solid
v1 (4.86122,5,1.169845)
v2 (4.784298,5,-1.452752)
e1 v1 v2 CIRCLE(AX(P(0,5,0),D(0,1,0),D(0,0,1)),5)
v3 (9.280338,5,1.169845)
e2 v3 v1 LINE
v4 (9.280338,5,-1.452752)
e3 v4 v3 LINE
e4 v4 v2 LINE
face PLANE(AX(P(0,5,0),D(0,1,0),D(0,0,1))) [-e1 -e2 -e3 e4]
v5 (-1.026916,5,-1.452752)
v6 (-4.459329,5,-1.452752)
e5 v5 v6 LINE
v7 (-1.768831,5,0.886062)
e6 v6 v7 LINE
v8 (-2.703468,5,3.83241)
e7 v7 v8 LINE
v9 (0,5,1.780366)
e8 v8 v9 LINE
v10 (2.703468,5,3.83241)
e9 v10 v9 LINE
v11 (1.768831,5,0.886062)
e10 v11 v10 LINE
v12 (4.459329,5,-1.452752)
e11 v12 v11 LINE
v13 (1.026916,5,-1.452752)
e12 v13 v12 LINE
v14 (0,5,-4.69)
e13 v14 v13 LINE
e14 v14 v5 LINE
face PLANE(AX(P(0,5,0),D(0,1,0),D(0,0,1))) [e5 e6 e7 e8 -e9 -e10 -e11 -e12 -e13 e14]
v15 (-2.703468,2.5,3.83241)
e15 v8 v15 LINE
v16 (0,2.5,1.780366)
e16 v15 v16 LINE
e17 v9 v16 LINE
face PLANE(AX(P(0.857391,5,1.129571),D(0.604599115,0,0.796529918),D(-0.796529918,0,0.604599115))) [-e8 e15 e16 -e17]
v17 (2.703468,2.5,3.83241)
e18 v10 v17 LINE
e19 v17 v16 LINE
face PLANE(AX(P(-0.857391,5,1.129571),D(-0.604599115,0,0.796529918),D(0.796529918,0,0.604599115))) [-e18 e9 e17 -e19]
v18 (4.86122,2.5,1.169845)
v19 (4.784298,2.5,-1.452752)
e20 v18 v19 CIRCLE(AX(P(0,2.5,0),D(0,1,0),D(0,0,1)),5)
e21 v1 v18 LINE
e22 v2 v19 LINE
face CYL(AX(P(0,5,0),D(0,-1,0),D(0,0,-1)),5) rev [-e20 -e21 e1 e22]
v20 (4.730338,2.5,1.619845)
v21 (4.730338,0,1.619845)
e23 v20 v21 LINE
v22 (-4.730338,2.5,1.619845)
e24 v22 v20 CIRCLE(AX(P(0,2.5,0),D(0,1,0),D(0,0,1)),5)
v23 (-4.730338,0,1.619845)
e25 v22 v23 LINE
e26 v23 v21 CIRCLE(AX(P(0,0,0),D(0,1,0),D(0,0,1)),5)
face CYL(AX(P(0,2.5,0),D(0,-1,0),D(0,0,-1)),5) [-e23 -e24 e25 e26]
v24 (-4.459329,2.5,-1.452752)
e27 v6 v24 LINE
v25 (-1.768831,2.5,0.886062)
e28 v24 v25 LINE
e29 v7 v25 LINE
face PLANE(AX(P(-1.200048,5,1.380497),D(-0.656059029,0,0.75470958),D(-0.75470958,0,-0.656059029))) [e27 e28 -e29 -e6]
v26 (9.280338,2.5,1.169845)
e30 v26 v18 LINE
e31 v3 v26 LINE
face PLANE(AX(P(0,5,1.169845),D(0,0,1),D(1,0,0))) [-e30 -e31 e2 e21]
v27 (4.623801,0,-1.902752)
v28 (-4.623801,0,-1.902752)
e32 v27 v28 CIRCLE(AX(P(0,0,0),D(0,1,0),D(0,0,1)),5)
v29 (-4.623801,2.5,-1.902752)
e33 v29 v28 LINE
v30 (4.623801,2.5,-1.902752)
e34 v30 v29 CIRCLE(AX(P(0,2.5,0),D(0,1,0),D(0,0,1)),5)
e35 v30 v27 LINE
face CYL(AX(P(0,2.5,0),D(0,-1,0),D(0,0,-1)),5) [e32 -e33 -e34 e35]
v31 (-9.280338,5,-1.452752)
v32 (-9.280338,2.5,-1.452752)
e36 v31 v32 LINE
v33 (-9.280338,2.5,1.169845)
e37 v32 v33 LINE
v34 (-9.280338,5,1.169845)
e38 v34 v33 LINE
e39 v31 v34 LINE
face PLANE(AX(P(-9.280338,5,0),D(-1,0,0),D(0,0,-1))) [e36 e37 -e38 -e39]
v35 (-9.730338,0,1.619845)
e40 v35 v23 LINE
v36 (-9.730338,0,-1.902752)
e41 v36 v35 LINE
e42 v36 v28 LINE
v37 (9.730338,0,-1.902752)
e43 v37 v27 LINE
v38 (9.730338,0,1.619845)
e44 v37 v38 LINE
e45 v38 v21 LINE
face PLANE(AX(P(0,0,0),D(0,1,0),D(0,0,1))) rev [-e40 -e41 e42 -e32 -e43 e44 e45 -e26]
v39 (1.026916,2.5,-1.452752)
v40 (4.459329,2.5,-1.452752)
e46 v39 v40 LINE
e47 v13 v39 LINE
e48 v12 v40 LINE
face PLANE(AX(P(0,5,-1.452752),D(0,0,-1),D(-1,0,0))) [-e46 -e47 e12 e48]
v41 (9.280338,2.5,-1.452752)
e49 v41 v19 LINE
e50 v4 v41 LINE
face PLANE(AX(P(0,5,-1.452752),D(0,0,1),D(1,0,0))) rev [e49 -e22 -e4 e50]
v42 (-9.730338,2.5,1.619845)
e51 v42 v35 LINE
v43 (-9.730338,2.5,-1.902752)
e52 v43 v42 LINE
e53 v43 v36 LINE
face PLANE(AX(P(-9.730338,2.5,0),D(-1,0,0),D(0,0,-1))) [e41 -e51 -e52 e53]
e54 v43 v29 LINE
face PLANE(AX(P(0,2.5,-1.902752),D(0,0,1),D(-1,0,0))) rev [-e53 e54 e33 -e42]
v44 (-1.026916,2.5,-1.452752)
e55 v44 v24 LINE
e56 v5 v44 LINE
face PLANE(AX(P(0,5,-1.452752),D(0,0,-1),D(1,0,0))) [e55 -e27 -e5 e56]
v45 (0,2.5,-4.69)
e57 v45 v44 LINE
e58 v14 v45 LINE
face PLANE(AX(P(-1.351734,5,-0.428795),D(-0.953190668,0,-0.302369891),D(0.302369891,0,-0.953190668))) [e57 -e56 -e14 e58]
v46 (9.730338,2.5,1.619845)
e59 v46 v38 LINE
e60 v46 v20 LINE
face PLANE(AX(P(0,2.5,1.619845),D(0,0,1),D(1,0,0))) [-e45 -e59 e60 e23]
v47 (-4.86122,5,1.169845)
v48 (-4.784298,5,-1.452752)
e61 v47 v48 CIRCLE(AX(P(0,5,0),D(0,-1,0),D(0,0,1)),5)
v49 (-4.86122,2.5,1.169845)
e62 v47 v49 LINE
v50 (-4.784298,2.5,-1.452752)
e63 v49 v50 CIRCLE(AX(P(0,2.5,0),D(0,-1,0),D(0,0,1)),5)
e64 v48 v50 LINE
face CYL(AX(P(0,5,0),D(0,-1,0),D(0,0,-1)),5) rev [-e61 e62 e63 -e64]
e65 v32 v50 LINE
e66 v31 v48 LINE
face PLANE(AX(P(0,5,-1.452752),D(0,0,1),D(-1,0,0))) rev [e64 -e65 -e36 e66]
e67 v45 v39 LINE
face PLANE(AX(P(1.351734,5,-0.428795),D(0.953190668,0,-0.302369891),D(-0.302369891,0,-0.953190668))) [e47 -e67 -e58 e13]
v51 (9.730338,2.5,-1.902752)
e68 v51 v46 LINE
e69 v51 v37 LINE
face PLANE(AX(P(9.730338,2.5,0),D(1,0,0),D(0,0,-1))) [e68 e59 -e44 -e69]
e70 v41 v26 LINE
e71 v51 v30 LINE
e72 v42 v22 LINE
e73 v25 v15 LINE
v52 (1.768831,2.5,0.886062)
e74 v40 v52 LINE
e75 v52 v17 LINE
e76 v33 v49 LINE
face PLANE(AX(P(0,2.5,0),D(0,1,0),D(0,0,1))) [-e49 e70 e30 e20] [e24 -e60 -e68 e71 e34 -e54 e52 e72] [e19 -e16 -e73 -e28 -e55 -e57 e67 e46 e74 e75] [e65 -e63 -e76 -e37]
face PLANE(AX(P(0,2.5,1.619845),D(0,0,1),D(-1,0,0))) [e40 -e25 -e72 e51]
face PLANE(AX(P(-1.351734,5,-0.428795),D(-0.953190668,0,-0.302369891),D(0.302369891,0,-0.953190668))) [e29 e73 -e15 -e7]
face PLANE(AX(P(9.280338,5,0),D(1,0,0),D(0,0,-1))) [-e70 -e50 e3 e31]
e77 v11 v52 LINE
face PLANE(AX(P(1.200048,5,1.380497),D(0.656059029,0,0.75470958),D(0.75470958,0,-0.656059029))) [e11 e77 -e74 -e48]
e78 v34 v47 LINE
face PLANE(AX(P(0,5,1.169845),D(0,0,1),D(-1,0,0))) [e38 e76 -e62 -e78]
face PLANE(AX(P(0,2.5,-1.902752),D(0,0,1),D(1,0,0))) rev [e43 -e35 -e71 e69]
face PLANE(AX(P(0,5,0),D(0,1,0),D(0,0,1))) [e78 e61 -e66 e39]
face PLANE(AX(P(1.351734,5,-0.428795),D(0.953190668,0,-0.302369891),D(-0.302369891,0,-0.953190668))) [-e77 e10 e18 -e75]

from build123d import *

# Parameters (mm, degrees)
BOSS_EXTRUDE1_DEPTH   = 5
BOSS_EXTRUDE1_2_DEPTH = 5
BOSS_EXTRUDE2_DEPTH   = 2.5


with BuildPart() as part:
    # Sketch3 → Boss-Extrude1 (new body)
    with BuildSketch(Plane(origin=(0, 0, 0), x_dir=(1, 0, 0), z_dir=(0, 1, 0))):
        with BuildLine():
            Line((9.280338467, 1.452751925), (4.784298469, 1.452751925))
            ThreePointArc((4.784298469, 1.452751925), (4.997850706, 0.146588935), (4.861220275, -1.16984505))
            Line((4.861220275, -1.16984505), (9.280338467, -1.16984505))
            Line((9.280338467, -1.16984505), (9.280338467, 1.452751925))
        make_face()
    extrude(amount=BOSS_EXTRUDE1_DEPTH)



with BuildPart() as body_2:
    # Sketch3 → Boss-Extrude1 2 (new body)
    with BuildSketch(Plane(origin=(0, 0, 0), x_dir=(1, 0, 0), z_dir=(0, 1, 0))):
        Polygon((1.026915579, 1.452751925), (0, 4.69), (0, -1.780366005), (2.703467563, -3.832409573), (1.768831042, -0.886061948), (4.459328632, 1.452751925), align=None)
    extrude(amount=BOSS_EXTRUDE1_2_DEPTH)


with BuildPart() as part_1:
    add(part.part)

    add(body_2.part)  # Boss-Extrude2 merges body 2
    # Sketch3<3> → Boss-Extrude2 (add)
    with BuildSketch(Plane(origin=(0, 0, 0), x_dir=(1, 0, 0), z_dir=(0, 1, 0))):
        with BuildLine():
            Line((9.730338467, -1.61984505), (9.730338467, 1.902751925))
            Line((9.730338467, 1.902751925), (4.623800938, 1.902751925))
            ThreePointArc((4.623800938, 1.902751925), (2.782646256, 4.154140081), (0, 5))
            Line((0, 5), (0, 4.69))
            Line((0, 4.69), (1.026915579, 1.452751925))
            Line((1.026915579, 1.452751925), (4.459328632, 1.452751925))
            Line((4.459328632, 1.452751925), (1.768831042, -0.886061948))
            Line((1.768831042, -0.886061948), (2.703467563, -3.832409573))
            Line((2.703467563, -3.832409573), (0, -1.780366005))
            Line((0, -1.780366005), (0, -5))
            ThreePointArc((0, -5), (2.906955, -4.068121511), (4.730338467, -1.61984505))
            Line((4.730338467, -1.61984505), (9.730338467, -1.61984505))
        make_face()
        with BuildLine():
            Line((9.280338467, -1.16984505), (4.861220275, -1.16984505))
            ThreePointArc((4.861220275, -1.16984505), (4.997850706, 0.146588935), (4.784298469, 1.452751925))
            Line((4.784298469, 1.452751925), (9.280338467, 1.452751925))
            Line((9.280338467, 1.452751925), (9.280338467, -1.16984505))
        make_face(mode=Mode.SUBTRACT)
    extrude(amount=BOSS_EXTRUDE2_DEPTH)

    # Mirror1: part across plane


with BuildPart() as part_2:
    add(part_1.part)
    add(part_1.part.mirror(Plane(origin=(0, 0, 0), x_dir=(0, 0, 1), z_dir=(1, 0, 0))))


solid = part_2.part
